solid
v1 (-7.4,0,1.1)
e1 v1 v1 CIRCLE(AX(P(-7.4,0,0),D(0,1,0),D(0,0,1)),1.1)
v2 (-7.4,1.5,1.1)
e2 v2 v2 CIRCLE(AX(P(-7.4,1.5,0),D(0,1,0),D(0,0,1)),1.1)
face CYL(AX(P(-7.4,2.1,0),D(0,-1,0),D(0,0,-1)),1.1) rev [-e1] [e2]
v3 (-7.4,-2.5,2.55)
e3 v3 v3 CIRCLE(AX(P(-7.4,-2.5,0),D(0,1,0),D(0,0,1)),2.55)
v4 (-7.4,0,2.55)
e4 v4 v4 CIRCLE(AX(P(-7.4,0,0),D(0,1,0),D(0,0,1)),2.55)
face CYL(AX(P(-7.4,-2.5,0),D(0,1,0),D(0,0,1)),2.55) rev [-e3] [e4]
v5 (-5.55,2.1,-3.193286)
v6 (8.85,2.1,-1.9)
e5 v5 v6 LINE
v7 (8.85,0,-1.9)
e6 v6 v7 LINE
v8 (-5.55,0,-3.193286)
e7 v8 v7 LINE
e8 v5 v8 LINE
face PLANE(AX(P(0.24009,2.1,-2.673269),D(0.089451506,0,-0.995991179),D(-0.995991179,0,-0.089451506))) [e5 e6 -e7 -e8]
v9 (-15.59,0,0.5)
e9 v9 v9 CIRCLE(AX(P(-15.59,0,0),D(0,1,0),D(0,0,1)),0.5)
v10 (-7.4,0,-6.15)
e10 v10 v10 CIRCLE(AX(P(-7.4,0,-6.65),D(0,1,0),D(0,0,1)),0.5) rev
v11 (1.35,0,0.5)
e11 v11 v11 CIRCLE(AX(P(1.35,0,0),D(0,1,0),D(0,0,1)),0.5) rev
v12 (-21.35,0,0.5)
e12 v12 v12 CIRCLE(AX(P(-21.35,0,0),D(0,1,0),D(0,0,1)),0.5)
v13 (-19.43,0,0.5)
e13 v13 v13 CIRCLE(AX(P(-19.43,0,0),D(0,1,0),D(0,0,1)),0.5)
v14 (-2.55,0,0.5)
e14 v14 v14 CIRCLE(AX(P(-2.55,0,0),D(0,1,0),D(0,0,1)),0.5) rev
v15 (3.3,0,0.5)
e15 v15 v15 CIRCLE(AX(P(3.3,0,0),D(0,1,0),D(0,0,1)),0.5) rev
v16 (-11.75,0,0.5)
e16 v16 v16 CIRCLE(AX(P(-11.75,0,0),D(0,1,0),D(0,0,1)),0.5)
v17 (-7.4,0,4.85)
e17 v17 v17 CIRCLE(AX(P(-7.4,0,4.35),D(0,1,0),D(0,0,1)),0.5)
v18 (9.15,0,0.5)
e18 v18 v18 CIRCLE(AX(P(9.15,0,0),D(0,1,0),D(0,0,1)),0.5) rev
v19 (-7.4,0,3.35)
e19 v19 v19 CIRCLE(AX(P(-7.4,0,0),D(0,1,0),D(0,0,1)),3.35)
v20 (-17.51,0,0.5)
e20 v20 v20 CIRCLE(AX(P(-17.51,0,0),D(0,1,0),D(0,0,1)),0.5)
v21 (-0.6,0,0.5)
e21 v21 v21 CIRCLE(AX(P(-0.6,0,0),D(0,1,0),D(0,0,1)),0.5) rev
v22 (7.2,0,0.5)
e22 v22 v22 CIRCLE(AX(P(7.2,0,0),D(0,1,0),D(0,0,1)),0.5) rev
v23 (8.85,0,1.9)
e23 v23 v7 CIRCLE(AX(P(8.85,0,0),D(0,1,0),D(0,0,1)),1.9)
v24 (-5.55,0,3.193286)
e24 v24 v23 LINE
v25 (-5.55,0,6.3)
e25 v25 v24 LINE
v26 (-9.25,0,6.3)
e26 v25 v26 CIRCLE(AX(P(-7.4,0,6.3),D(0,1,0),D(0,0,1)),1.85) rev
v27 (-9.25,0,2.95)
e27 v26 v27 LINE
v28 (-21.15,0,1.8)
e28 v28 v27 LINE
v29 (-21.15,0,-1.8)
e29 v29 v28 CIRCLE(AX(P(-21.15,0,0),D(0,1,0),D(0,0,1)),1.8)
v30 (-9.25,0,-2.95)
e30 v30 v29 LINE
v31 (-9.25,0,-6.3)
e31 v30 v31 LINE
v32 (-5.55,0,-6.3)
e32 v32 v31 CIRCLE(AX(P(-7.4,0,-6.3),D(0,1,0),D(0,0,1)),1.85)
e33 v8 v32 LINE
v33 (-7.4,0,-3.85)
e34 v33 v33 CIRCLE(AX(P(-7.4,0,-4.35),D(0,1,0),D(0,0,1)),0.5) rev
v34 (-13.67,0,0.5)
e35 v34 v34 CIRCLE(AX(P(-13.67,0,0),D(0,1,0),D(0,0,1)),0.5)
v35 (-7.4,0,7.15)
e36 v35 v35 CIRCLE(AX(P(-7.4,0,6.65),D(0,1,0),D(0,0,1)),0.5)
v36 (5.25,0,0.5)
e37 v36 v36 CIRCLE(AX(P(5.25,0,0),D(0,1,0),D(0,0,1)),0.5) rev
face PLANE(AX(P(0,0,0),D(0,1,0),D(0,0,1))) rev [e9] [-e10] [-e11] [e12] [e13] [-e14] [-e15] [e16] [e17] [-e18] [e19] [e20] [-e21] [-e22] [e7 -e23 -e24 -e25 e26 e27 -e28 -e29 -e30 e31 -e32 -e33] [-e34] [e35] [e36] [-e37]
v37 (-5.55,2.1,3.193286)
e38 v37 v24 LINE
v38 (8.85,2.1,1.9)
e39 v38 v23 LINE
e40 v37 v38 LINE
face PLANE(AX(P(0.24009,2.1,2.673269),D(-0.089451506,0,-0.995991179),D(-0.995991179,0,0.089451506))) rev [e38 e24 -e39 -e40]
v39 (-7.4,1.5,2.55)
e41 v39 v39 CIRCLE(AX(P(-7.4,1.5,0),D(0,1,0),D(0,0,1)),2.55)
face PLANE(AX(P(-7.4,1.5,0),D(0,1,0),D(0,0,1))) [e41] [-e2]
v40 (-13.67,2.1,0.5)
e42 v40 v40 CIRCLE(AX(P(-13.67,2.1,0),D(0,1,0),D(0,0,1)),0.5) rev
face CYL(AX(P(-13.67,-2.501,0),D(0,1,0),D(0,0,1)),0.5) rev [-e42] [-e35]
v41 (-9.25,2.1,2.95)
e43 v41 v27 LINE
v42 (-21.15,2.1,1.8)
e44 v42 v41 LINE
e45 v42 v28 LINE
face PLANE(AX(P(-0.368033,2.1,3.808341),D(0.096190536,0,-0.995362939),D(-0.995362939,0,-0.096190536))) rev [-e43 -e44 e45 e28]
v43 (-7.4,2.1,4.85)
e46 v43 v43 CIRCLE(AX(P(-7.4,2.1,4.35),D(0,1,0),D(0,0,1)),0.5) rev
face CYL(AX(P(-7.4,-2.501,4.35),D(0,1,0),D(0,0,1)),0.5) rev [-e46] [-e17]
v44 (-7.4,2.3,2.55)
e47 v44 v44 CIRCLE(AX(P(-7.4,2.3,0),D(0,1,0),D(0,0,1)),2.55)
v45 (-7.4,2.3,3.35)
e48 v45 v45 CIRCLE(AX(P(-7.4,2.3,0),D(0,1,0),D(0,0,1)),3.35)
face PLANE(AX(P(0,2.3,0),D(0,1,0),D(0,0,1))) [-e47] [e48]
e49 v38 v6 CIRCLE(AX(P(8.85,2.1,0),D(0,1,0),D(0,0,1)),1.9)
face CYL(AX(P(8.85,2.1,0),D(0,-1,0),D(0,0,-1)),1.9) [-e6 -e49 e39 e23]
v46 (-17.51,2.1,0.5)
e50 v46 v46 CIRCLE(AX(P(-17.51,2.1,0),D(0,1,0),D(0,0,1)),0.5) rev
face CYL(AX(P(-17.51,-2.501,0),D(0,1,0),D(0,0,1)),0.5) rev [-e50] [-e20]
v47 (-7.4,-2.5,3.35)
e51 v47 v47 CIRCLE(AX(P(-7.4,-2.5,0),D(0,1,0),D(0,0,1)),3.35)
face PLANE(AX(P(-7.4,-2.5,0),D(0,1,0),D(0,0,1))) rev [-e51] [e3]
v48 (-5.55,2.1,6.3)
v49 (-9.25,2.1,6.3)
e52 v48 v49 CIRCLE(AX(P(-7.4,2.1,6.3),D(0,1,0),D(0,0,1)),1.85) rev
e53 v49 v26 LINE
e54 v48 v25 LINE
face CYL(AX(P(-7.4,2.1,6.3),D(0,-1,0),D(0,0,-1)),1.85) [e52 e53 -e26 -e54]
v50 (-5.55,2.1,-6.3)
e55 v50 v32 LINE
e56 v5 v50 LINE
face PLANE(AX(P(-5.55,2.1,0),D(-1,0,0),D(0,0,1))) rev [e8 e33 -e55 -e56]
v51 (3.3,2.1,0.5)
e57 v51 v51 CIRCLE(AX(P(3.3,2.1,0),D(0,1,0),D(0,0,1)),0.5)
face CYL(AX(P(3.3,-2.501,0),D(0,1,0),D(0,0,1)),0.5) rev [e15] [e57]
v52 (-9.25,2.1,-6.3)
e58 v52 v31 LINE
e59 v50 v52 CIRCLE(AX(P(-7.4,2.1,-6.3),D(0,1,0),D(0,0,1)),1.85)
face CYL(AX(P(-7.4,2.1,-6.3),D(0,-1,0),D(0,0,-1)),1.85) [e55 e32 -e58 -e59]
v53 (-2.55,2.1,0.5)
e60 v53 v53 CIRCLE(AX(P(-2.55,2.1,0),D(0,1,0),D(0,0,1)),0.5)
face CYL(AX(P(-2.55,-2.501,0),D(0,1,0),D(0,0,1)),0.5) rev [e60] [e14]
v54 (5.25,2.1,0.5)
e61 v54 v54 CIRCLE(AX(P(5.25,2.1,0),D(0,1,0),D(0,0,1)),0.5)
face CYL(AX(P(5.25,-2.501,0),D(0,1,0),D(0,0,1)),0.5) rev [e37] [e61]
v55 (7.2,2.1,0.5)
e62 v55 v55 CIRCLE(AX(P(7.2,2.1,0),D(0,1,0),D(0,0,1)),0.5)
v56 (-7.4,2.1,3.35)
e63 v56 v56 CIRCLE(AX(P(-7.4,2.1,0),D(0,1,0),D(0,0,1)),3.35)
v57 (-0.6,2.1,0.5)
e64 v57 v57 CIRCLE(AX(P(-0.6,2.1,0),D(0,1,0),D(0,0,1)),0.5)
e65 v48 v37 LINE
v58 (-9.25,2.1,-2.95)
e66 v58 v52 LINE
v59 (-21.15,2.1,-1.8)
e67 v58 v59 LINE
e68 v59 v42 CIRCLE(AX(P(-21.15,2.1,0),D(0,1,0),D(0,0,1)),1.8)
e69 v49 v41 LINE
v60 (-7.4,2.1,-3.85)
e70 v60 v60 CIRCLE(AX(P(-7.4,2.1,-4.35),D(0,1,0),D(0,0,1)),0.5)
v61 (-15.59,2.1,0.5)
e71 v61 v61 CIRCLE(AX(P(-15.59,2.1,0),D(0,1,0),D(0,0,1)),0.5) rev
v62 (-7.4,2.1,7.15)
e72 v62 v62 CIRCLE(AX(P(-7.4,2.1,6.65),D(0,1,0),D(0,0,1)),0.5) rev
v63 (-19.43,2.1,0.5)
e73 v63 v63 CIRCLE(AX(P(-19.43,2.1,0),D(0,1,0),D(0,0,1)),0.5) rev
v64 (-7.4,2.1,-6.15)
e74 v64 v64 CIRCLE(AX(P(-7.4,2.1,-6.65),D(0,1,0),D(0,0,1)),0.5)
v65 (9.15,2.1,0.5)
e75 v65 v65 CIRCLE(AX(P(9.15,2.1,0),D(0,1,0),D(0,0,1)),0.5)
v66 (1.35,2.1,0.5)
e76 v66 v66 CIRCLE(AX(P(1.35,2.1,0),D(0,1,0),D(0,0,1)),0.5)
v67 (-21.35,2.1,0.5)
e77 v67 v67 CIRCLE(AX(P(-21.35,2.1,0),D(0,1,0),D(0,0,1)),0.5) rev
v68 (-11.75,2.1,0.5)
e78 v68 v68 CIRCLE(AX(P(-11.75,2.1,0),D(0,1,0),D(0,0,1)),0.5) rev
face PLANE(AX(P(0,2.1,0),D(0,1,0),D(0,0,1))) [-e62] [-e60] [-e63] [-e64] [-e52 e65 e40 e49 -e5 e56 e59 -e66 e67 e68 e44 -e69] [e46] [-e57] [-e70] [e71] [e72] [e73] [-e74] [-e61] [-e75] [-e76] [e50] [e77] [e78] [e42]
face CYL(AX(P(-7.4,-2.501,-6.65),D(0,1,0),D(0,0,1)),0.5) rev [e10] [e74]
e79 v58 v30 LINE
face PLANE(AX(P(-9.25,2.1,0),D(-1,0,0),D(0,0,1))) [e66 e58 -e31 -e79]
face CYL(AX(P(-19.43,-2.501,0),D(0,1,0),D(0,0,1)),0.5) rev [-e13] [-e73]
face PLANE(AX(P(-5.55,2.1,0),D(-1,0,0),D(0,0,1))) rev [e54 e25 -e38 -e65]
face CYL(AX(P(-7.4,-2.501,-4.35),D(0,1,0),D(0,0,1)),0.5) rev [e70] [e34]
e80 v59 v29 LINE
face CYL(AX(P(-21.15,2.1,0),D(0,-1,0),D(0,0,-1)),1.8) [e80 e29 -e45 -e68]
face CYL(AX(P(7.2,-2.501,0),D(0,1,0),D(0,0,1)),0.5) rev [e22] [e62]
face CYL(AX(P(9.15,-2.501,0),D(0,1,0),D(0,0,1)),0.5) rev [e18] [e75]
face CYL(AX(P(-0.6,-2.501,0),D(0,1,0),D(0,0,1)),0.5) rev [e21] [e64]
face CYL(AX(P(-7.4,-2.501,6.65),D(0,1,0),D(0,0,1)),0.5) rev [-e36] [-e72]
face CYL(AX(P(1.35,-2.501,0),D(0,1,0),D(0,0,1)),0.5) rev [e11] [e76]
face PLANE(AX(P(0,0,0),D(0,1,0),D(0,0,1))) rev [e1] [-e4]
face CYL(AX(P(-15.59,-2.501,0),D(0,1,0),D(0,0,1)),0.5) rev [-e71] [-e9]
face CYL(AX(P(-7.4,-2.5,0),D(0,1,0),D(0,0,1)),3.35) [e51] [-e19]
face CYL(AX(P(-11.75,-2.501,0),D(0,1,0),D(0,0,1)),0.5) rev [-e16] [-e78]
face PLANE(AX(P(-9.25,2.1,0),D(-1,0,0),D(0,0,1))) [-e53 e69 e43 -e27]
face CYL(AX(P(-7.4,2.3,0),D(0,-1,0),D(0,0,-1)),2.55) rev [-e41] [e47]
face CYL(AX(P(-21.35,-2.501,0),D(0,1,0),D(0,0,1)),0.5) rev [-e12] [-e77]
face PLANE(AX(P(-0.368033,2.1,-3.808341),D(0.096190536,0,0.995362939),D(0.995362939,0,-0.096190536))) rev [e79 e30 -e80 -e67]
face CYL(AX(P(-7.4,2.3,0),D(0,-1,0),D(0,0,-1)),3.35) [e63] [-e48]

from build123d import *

# Parameters (mm, degrees)
ESQUISSE1_R             = 1.1
BOSS_EXTRU_1_DEPTH      = 2.1
ESQUISSE2_R             = 3.35
ESQUISSE2_R_2           = 2.55
BOSS_EXTRU_2_DEPTH      = 0.2
ENL_V_START             = -0.8
ESQUISSE9_R             = 2.55
ENL_V_MAT_EXTRU_4_DEPTH = 0.8
BOSS_EXTRU_3_START      = 2.5
ESQUISSE5_R             = 3.35
ESQUISSE5_R_2           = 2.55
BOSS_EXTRU_3_DEPTH      = 4.8
ENL_V_MAT_EXTRU_3_REACH = 26.785
ESQUISSE7_R             = 0.5


with BuildPart() as part:
    # Esquisse1 → Boss.-Extru.1 (new body)
    with BuildSketch(Plane(origin=(0, 0, 0), x_dir=(1, 0, 0), z_dir=(0, 1, 0))):
        with BuildLine():
            Line((8.85, 1.9), (-5.55, 3.193286234))
            Line((-5.55, 3.193286234), (-5.55, 6.3))
            ThreePointArc((-5.55, 6.3), (-7.4, 8.15), (-9.25, 6.3))
            Line((-9.25, 6.3), (-9.25, 2.95))
            Line((-9.25, 2.95), (-21.15, 1.8))
            ThreePointArc((-21.15, 1.8), (-22.95, 0), (-21.15, -1.8))
            Line((-21.15, -1.8), (-9.25, -2.95))
            Line((-9.25, -2.95), (-9.25, -6.3))
            ThreePointArc((-9.25, -6.3), (-7.4, -8.15), (-5.55, -6.3))
            Line((-5.55, -6.3), (-5.55, -3.193286234))
            Line((-5.55, -3.193286234), (8.85, -1.9))
            ThreePointArc((8.85, -1.9), (10.75, 0), (8.85, 1.9))
        make_face()
        with Locations(Location((-7.4, 0, 0), (0, 0, 270))):
            Circle(ESQUISSE1_R, mode=Mode.SUBTRACT)
    extrude(amount=BOSS_EXTRU_1_DEPTH)

    # Esquisse2 → Boss.-Extru.2 (add)
    with BuildSketch(Plane(origin=(0, 2.1, 0), x_dir=(1, 0, 0), z_dir=(0, 1, 0))):
        with Locations(Location((-7.4, 0, 0), (0, 0, 270))):
            Circle(ESQUISSE2_R)
        with Locations(Location((-7.4, 0, 0), (0, 0, 270))):
            Circle(ESQUISSE2_R_2, mode=Mode.SUBTRACT)
    extrude(amount=BOSS_EXTRU_2_DEPTH)

    # Esquisse9 → Enlèv. mat.-Extru.4 (cut)
    with BuildSketch(Plane(origin=(0, 2.3, 0), x_dir=(1, 0, 0), z_dir=(0, 1, 0)).offset(ENL_V_START)):
        with Locations(Location((-7.4, 0, 0), (0, 0, 270))):
            Circle(ESQUISSE9_R)
    extrude(amount=ENL_V_MAT_EXTRU_4_DEPTH, mode=Mode.SUBTRACT)

    # Esquisse5 → Boss.-Extru.3 (add)
    with BuildSketch(Plane.XZ.offset(BOSS_EXTRU_3_START)):
        with Locations(Location((-7.4, 0, 0), (0, 0, 90))):
            Circle(ESQUISSE5_R)
        with Locations(Location((-7.4, 0, 0), (0, 0, 90))):
            Circle(ESQUISSE5_R_2, mode=Mode.SUBTRACT)
    extrude(amount=-BOSS_EXTRU_3_DEPTH)

    # Esquisse7 → Enlèv. mat.-Extru.3 (cut, up to next)
    with BuildSketch(Plane(origin=(0, 2.1, 0), x_dir=(1, 0, 0), z_dir=(0, 1, 0)), mode=Mode.PRIVATE) as enl_v_mat_extru_3_sk1:
        with Locations(Location((-7.4, 4.35, 0), (0, 0, 270))):
            Circle(ESQUISSE7_R)
    enl_v_mat_extru_3_tool1 = extrude(enl_v_mat_extru_3_sk1.sketch, amount=-ENL_V_MAT_EXTRU_3_REACH, mode=Mode.PRIVATE) & part.part
    # Esquisse7 → Enlèv. mat.-Extru.3 (cut, up to next)
    with BuildSketch(Plane(origin=(0, 2.1, 0), x_dir=(1, 0, 0), z_dir=(0, 1, 0)), mode=Mode.PRIVATE) as enl_v_mat_extru_3_sk2:
        with Locations(Location((-7.4, 6.65, 0), (0, 0, 270))):
            Circle(ESQUISSE7_R)
    enl_v_mat_extru_3_tool2 = extrude(enl_v_mat_extru_3_sk2.sketch, amount=-ENL_V_MAT_EXTRU_3_REACH, mode=Mode.PRIVATE) & part.part
    # Esquisse7 → Enlèv. mat.-Extru.3 (cut, up to next)
    with BuildSketch(Plane(origin=(0, 2.1, 0), x_dir=(1, 0, 0), z_dir=(0, 1, 0)), mode=Mode.PRIVATE) as enl_v_mat_extru_3_sk3:
        with Locations(Location((-2.55, 0, 0), (0, 0, 270))):
            Circle(ESQUISSE7_R)
    enl_v_mat_extru_3_tool3 = extrude(enl_v_mat_extru_3_sk3.sketch, amount=-ENL_V_MAT_EXTRU_3_REACH, mode=Mode.PRIVATE) & part.part
    # Esquisse7 → Enlèv. mat.-Extru.3 (cut, up to next)
    with BuildSketch(Plane(origin=(0, 2.1, 0), x_dir=(1, 0, 0), z_dir=(0, 1, 0)), mode=Mode.PRIVATE) as enl_v_mat_extru_3_sk4:
        with Locations(Location((-0.6, 0, 0), (0, 0, 270))):
            Circle(ESQUISSE7_R)
    enl_v_mat_extru_3_tool4 = extrude(enl_v_mat_extru_3_sk4.sketch, amount=-ENL_V_MAT_EXTRU_3_REACH, mode=Mode.PRIVATE) & part.part
    # Esquisse7 → Enlèv. mat.-Extru.3 (cut, up to next)
    with BuildSketch(Plane(origin=(0, 2.1, 0), x_dir=(1, 0, 0), z_dir=(0, 1, 0)), mode=Mode.PRIVATE) as enl_v_mat_extru_3_sk5:
        with Locations(Location((1.35, 0, 0), (0, 0, 270))):
            Circle(ESQUISSE7_R)
    enl_v_mat_extru_3_tool5 = extrude(enl_v_mat_extru_3_sk5.sketch, amount=-ENL_V_MAT_EXTRU_3_REACH, mode=Mode.PRIVATE) & part.part
    # Esquisse7 → Enlèv. mat.-Extru.3 (cut, up to next)
    with BuildSketch(Plane(origin=(0, 2.1, 0), x_dir=(1, 0, 0), z_dir=(0, 1, 0)), mode=Mode.PRIVATE) as enl_v_mat_extru_3_sk6:
        with Locations(Location((3.3, 0, 0), (0, 0, 270))):
            Circle(ESQUISSE7_R)
    enl_v_mat_extru_3_tool6 = extrude(enl_v_mat_extru_3_sk6.sketch, amount=-ENL_V_MAT_EXTRU_3_REACH, mode=Mode.PRIVATE) & part.part
    # Esquisse7 → Enlèv. mat.-Extru.3 (cut, up to next)
    with BuildSketch(Plane(origin=(0, 2.1, 0), x_dir=(1, 0, 0), z_dir=(0, 1, 0)), mode=Mode.PRIVATE) as enl_v_mat_extru_3_sk7:
        with Locations(Location((5.25, 0, 0), (0, 0, 270))):
            Circle(ESQUISSE7_R)
    enl_v_mat_extru_3_tool7 = extrude(enl_v_mat_extru_3_sk7.sketch, amount=-ENL_V_MAT_EXTRU_3_REACH, mode=Mode.PRIVATE) & part.part
    # Esquisse7 → Enlèv. mat.-Extru.3 (cut, up to next)
    with BuildSketch(Plane(origin=(0, 2.1, 0), x_dir=(1, 0, 0), z_dir=(0, 1, 0)), mode=Mode.PRIVATE) as enl_v_mat_extru_3_sk8:
        with Locations(Location((7.2, 0, 0), (0, 0, 270))):
            Circle(ESQUISSE7_R)
    enl_v_mat_extru_3_tool8 = extrude(enl_v_mat_extru_3_sk8.sketch, amount=-ENL_V_MAT_EXTRU_3_REACH, mode=Mode.PRIVATE) & part.part
    # Esquisse7 → Enlèv. mat.-Extru.3 (cut, up to next)
    with BuildSketch(Plane(origin=(0, 2.1, 0), x_dir=(1, 0, 0), z_dir=(0, 1, 0)), mode=Mode.PRIVATE) as enl_v_mat_extru_3_sk9:
        with Locations(Location((9.15, 0, 0), (0, 0, 270))):
            Circle(ESQUISSE7_R)
    enl_v_mat_extru_3_tool9 = extrude(enl_v_mat_extru_3_sk9.sketch, amount=-ENL_V_MAT_EXTRU_3_REACH, mode=Mode.PRIVATE) & part.part
    # Esquisse7 → Enlèv. mat.-Extru.3 (cut, up to next)
    with BuildSketch(Plane(origin=(0, 2.1, 0), x_dir=(1, 0, 0), z_dir=(0, 1, 0)), mode=Mode.PRIVATE) as enl_v_mat_extru_3_sk10:
        with Locations(Location((-7.4, -6.65, 0), (0, 0, 270))):
            Circle(ESQUISSE7_R)
    enl_v_mat_extru_3_tool10 = extrude(enl_v_mat_extru_3_sk10.sketch, amount=-ENL_V_MAT_EXTRU_3_REACH, mode=Mode.PRIVATE) & part.part
    # Esquisse7 → Enlèv. mat.-Extru.3 (cut, up to next)
    with BuildSketch(Plane(origin=(0, 2.1, 0), x_dir=(1, 0, 0), z_dir=(0, 1, 0)), mode=Mode.PRIVATE) as enl_v_mat_extru_3_sk11:
        with Locations(Location((-7.4, -4.35, 0), (0, 0, 270))):
            Circle(ESQUISSE7_R)
    enl_v_mat_extru_3_tool11 = extrude(enl_v_mat_extru_3_sk11.sketch, amount=-ENL_V_MAT_EXTRU_3_REACH, mode=Mode.PRIVATE) & part.part
    # Esquisse7 → Enlèv. mat.-Extru.3 (cut, up to next)
    with BuildSketch(Plane(origin=(0, 2.1, 0), x_dir=(1, 0, 0), z_dir=(0, 1, 0)), mode=Mode.PRIVATE) as enl_v_mat_extru_3_sk12:
        with Locations(Location((-11.75, 0, 0), (0, 0, 270))):
            Circle(ESQUISSE7_R)
    enl_v_mat_extru_3_tool12 = extrude(enl_v_mat_extru_3_sk12.sketch, amount=-ENL_V_MAT_EXTRU_3_REACH, mode=Mode.PRIVATE) & part.part
    # Esquisse7 → Enlèv. mat.-Extru.3 (cut, up to next)
    with BuildSketch(Plane(origin=(0, 2.1, 0), x_dir=(1, 0, 0), z_dir=(0, 1, 0)), mode=Mode.PRIVATE) as enl_v_mat_extru_3_sk13:
        with Locations(Location((-13.67, 0, 0), (0, 0, 270))):
            Circle(ESQUISSE7_R)
    enl_v_mat_extru_3_tool13 = extrude(enl_v_mat_extru_3_sk13.sketch, amount=-ENL_V_MAT_EXTRU_3_REACH, mode=Mode.PRIVATE) & part.part
    # Esquisse7 → Enlèv. mat.-Extru.3 (cut, up to next)
    with BuildSketch(Plane(origin=(0, 2.1, 0), x_dir=(1, 0, 0), z_dir=(0, 1, 0)), mode=Mode.PRIVATE) as enl_v_mat_extru_3_sk14:
        with Locations(Location((-15.59, 0, 0), (0, 0, 270))):
            Circle(ESQUISSE7_R)
    enl_v_mat_extru_3_tool14 = extrude(enl_v_mat_extru_3_sk14.sketch, amount=-ENL_V_MAT_EXTRU_3_REACH, mode=Mode.PRIVATE) & part.part
    # Esquisse7 → Enlèv. mat.-Extru.3 (cut, up to next)
    with BuildSketch(Plane(origin=(0, 2.1, 0), x_dir=(1, 0, 0), z_dir=(0, 1, 0)), mode=Mode.PRIVATE) as enl_v_mat_extru_3_sk15:
        with Locations(Location((-17.51, 0, 0), (0, 0, 270))):
            Circle(ESQUISSE7_R)
    enl_v_mat_extru_3_tool15 = extrude(enl_v_mat_extru_3_sk15.sketch, amount=-ENL_V_MAT_EXTRU_3_REACH, mode=Mode.PRIVATE) & part.part
    # Esquisse7 → Enlèv. mat.-Extru.3 (cut, up to next)
    with BuildSketch(Plane(origin=(0, 2.1, 0), x_dir=(1, 0, 0), z_dir=(0, 1, 0)), mode=Mode.PRIVATE) as enl_v_mat_extru_3_sk16:
        with Locations(Location((-19.43, 0, 0), (0, 0, 270))):
            Circle(ESQUISSE7_R)
    enl_v_mat_extru_3_tool16 = extrude(enl_v_mat_extru_3_sk16.sketch, amount=-ENL_V_MAT_EXTRU_3_REACH, mode=Mode.PRIVATE) & part.part
    # Esquisse7 → Enlèv. mat.-Extru.3 (cut, up to next)
    with BuildSketch(Plane(origin=(0, 2.1, 0), x_dir=(1, 0, 0), z_dir=(0, 1, 0)), mode=Mode.PRIVATE) as enl_v_mat_extru_3_sk17:
        with Locations(Location((-21.35, 0, 0), (0, 0, 270))):
            Circle(ESQUISSE7_R)
    enl_v_mat_extru_3_tool17 = extrude(enl_v_mat_extru_3_sk17.sketch, amount=-ENL_V_MAT_EXTRU_3_REACH, mode=Mode.PRIVATE) & part.part
    add(enl_v_mat_extru_3_tool1.solids().sort_by_distance((-7.4, 2.1, -4.35))[0], mode=Mode.SUBTRACT)
    add(enl_v_mat_extru_3_tool2.solids().sort_by_distance((-7.4, 2.1, -6.65))[0], mode=Mode.SUBTRACT)
    add(enl_v_mat_extru_3_tool3.solids().sort_by_distance((-2.55, 2.1, 0))[0], mode=Mode.SUBTRACT)
    add(enl_v_mat_extru_3_tool4.solids().sort_by_distance((-0.6, 2.1, 0))[0], mode=Mode.SUBTRACT)
    add(enl_v_mat_extru_3_tool5.solids().sort_by_distance((1.35, 2.1, 0))[0], mode=Mode.SUBTRACT)
    add(enl_v_mat_extru_3_tool6.solids().sort_by_distance((3.3, 2.1, 0))[0], mode=Mode.SUBTRACT)
    add(enl_v_mat_extru_3_tool7.solids().sort_by_distance((5.25, 2.1, 0))[0], mode=Mode.SUBTRACT)
    add(enl_v_mat_extru_3_tool8.solids().sort_by_distance((7.2, 2.1, 0))[0], mode=Mode.SUBTRACT)
    add(enl_v_mat_extru_3_tool9.solids().sort_by_distance((9.15, 2.1, 0))[0], mode=Mode.SUBTRACT)
    add(enl_v_mat_extru_3_tool10.solids().sort_by_distance((-7.4, 2.1, 6.65))[0], mode=Mode.SUBTRACT)
    add(enl_v_mat_extru_3_tool11.solids().sort_by_distance((-7.4, 2.1, 4.35))[0], mode=Mode.SUBTRACT)
    add(enl_v_mat_extru_3_tool12.solids().sort_by_distance((-11.75, 2.1, 0))[0], mode=Mode.SUBTRACT)
    add(enl_v_mat_extru_3_tool13.solids().sort_by_distance((-13.67, 2.1, 0))[0], mode=Mode.SUBTRACT)
    add(enl_v_mat_extru_3_tool14.solids().sort_by_distance((-15.59, 2.1, 0))[0], mode=Mode.SUBTRACT)
    add(enl_v_mat_extru_3_tool15.solids().sort_by_distance((-17.51, 2.1, 0))[0], mode=Mode.SUBTRACT)
    add(enl_v_mat_extru_3_tool16.solids().sort_by_distance((-19.43, 2.1, 0))[0], mode=Mode.SUBTRACT)
    add(enl_v_mat_extru_3_tool17.solids().sort_by_distance((-21.35, 2.1, 0))[0], mode=Mode.SUBTRACT)


solid = part.part
